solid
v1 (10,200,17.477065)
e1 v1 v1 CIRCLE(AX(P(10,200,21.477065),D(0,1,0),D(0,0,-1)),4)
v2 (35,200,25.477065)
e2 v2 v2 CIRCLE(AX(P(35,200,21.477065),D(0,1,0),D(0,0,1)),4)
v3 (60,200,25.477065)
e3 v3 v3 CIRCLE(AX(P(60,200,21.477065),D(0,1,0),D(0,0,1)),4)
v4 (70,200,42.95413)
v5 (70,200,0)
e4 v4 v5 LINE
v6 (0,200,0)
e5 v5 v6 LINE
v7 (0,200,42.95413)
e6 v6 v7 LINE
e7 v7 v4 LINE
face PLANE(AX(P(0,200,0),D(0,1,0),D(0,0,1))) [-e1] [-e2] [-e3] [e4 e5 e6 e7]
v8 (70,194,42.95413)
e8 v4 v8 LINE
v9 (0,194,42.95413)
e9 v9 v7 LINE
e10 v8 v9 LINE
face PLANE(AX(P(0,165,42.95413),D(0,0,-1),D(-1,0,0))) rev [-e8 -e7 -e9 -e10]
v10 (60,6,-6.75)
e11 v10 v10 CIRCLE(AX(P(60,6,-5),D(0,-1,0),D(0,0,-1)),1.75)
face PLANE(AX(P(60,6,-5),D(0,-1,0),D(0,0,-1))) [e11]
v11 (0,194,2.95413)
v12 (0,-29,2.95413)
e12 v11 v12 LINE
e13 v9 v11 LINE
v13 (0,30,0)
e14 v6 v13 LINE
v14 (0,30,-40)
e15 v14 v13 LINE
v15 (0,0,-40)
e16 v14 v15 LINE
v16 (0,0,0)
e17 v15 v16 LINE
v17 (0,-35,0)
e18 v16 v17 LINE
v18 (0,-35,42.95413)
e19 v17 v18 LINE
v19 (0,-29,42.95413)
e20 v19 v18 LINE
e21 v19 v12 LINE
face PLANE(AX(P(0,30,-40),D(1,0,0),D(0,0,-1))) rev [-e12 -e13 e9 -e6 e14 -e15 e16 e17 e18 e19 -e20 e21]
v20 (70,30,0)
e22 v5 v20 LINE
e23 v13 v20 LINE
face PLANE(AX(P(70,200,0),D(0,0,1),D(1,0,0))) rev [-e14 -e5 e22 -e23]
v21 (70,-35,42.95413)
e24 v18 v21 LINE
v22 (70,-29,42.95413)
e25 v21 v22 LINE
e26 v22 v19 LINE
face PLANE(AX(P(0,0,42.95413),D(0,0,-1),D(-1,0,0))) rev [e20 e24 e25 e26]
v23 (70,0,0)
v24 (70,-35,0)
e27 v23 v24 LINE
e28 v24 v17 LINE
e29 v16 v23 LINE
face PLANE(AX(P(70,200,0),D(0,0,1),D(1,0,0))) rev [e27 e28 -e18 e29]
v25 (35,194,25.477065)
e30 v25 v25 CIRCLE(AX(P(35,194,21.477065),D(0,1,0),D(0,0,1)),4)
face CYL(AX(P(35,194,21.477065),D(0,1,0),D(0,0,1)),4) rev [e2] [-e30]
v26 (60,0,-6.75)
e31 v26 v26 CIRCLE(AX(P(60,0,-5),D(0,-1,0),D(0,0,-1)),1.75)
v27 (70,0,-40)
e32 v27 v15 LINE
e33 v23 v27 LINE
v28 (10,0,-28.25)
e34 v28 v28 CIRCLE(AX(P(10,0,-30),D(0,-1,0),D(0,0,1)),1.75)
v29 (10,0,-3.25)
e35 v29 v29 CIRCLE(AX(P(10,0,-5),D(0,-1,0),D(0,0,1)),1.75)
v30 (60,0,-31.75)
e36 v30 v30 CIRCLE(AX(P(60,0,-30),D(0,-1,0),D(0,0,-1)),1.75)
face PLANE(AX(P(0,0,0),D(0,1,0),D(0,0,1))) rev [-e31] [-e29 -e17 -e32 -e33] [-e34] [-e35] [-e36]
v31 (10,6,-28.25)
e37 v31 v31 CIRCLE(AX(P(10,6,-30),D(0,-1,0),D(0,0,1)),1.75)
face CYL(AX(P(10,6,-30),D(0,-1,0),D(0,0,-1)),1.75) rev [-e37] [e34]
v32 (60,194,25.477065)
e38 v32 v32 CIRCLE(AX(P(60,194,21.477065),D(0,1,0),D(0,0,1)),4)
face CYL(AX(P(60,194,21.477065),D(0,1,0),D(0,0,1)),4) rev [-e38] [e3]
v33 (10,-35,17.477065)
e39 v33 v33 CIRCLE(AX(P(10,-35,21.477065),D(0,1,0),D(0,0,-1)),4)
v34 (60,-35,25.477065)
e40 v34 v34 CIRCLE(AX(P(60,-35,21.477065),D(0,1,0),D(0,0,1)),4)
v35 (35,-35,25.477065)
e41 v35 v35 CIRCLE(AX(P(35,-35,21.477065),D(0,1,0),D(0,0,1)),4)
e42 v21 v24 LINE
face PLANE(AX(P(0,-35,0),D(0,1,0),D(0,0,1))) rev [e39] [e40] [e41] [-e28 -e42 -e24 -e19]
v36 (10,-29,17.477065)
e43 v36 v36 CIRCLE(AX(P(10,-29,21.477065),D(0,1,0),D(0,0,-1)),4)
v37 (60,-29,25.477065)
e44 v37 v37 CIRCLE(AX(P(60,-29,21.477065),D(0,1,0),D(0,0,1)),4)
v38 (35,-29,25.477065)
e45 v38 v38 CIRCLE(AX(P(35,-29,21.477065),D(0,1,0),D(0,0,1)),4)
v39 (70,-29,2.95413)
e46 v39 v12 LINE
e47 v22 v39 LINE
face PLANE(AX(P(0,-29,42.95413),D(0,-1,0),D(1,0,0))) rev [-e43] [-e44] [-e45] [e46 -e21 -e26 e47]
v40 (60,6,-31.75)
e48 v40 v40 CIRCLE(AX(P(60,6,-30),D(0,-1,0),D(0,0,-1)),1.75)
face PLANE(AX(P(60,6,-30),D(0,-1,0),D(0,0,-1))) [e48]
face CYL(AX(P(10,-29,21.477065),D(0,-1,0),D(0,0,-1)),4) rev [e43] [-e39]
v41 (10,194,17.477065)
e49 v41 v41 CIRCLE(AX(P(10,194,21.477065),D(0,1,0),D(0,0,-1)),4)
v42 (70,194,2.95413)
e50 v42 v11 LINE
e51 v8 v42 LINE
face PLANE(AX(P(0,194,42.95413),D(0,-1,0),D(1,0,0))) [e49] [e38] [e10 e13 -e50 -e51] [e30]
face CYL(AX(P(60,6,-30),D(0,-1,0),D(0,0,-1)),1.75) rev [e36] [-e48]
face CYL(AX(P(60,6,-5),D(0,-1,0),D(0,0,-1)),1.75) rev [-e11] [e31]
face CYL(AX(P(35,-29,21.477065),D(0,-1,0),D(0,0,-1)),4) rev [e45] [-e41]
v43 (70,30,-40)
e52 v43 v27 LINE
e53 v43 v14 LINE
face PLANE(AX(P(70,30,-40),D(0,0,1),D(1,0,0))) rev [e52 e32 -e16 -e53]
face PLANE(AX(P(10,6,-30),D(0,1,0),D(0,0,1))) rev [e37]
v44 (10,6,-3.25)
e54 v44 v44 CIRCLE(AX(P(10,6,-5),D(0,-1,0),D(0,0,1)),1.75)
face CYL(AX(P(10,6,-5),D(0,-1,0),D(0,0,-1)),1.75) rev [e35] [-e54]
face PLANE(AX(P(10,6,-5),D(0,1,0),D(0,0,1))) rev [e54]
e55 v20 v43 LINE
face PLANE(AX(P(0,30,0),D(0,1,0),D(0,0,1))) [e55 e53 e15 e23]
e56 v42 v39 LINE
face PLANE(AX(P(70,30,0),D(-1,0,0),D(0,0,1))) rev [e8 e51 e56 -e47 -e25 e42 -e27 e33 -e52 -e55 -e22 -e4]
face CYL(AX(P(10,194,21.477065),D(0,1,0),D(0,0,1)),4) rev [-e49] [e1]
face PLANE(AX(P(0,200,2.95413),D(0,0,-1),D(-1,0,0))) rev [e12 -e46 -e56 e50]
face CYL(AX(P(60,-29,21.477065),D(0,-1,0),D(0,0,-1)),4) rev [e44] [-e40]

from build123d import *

# Parameters (mm, degrees)
SKETCH_1_W           = 70
SKETCH_1_H           = 40
EXTRUDE_1_DEPTH      = 30
EXTRUDE_3_DEPTH      = 200
EXTRUDE_3_DEPTH_BACK = 35
SKETCH_5_W           = 70
SKETCH_5_H           = 2.954129794
SKETCH_6_W           = 70
SKETCH_6_H           = 6
EXTRUDE_4_DEPTH      = 40
SKETCH_8_R           = 1.75
CUT_EXTRUDE_1_DEPTH  = 6
SKETCH_9_R           = 4
CUT_EXTRUDE_2_DEPTH  = 6


with BuildPart() as part:
    # 草图1 → 凸台-拉伸1 (new body)
    with BuildSketch(Plane(origin=(0, 0, 0), x_dir=(1, 0, 0), z_dir=(0, 1, 0))):
        with Locations((35, 20)):
            Rectangle(SKETCH_1_W, SKETCH_1_H)
    extrude(amount=EXTRUDE_1_DEPTH)

    # 草图5 → 凸台-拉伸3 (add, two sides: drawn at the far end of the back side and taken through both)
    with BuildSketch(Plane(origin=(0, 0, 0), x_dir=(1, 0, 0), z_dir=(0, 1, 0)).offset(-EXTRUDE_3_DEPTH_BACK)):
        with Locations((35, -1.477064897)):
            Rectangle(SKETCH_5_W, SKETCH_5_H)
    extrude(amount=EXTRUDE_3_DEPTH + EXTRUDE_3_DEPTH_BACK)

    # 草图6 → 凸台-拉伸4 (add)
    with BuildSketch(Plane.XY.offset(2.954129794)):
        with Locations((35, -32)):
            Rectangle(SKETCH_6_W, SKETCH_6_H)
    extrude_4 = extrude(amount=EXTRUDE_4_DEPTH)

    # 镜向1: 凸台-拉伸4 across plane
    add(extrude_4.mirror(Plane.ZX.offset(82.5)))

    # 草图8 → 切除-拉伸1 (cut)
    with BuildSketch(Plane.XZ):
        with Locations(Location((60, -5, 0), (0, 0, 270))):
            Circle(SKETCH_8_R)
        with Locations(Location((10, -5, 0), (0, 0, 90))):
            Circle(SKETCH_8_R)
        with Locations(Location((60, -30, 0), (0, 0, 270))):
            Circle(SKETCH_8_R)
        with Locations(Location((10, -30, 0), (0, 0, 90))):
            Circle(SKETCH_8_R)
    extrude(amount=-CUT_EXTRUDE_1_DEPTH, mode=Mode.SUBTRACT)

    # 草图9 → 切除-拉伸2 (cut)
    with BuildSketch(Plane(origin=(0, 200, 0), x_dir=(1, 0, 0), z_dir=(0, 1, 0))):
        with Locations(Location((35, -21.477064897, 0), (0, 0, 270))):
            Circle(SKETCH_9_R)
        with Locations(Location((60, -21.477064897, 0), (0, 0, 270))):
            Circle(SKETCH_9_R)
        with Locations(Location((10, -21.477064897, 0), (0, 0, 90))):
            Circle(SKETCH_9_R)
    cut_extrude_2 = extrude(amount=-CUT_EXTRUDE_2_DEPTH, mode=Mode.SUBTRACT)

    # 镜向2: 切除-拉伸2 across plane
    add(cut_extrude_2.mirror(Plane.ZX.offset(82.5)), mode=Mode.SUBTRACT)


solid = part.part
